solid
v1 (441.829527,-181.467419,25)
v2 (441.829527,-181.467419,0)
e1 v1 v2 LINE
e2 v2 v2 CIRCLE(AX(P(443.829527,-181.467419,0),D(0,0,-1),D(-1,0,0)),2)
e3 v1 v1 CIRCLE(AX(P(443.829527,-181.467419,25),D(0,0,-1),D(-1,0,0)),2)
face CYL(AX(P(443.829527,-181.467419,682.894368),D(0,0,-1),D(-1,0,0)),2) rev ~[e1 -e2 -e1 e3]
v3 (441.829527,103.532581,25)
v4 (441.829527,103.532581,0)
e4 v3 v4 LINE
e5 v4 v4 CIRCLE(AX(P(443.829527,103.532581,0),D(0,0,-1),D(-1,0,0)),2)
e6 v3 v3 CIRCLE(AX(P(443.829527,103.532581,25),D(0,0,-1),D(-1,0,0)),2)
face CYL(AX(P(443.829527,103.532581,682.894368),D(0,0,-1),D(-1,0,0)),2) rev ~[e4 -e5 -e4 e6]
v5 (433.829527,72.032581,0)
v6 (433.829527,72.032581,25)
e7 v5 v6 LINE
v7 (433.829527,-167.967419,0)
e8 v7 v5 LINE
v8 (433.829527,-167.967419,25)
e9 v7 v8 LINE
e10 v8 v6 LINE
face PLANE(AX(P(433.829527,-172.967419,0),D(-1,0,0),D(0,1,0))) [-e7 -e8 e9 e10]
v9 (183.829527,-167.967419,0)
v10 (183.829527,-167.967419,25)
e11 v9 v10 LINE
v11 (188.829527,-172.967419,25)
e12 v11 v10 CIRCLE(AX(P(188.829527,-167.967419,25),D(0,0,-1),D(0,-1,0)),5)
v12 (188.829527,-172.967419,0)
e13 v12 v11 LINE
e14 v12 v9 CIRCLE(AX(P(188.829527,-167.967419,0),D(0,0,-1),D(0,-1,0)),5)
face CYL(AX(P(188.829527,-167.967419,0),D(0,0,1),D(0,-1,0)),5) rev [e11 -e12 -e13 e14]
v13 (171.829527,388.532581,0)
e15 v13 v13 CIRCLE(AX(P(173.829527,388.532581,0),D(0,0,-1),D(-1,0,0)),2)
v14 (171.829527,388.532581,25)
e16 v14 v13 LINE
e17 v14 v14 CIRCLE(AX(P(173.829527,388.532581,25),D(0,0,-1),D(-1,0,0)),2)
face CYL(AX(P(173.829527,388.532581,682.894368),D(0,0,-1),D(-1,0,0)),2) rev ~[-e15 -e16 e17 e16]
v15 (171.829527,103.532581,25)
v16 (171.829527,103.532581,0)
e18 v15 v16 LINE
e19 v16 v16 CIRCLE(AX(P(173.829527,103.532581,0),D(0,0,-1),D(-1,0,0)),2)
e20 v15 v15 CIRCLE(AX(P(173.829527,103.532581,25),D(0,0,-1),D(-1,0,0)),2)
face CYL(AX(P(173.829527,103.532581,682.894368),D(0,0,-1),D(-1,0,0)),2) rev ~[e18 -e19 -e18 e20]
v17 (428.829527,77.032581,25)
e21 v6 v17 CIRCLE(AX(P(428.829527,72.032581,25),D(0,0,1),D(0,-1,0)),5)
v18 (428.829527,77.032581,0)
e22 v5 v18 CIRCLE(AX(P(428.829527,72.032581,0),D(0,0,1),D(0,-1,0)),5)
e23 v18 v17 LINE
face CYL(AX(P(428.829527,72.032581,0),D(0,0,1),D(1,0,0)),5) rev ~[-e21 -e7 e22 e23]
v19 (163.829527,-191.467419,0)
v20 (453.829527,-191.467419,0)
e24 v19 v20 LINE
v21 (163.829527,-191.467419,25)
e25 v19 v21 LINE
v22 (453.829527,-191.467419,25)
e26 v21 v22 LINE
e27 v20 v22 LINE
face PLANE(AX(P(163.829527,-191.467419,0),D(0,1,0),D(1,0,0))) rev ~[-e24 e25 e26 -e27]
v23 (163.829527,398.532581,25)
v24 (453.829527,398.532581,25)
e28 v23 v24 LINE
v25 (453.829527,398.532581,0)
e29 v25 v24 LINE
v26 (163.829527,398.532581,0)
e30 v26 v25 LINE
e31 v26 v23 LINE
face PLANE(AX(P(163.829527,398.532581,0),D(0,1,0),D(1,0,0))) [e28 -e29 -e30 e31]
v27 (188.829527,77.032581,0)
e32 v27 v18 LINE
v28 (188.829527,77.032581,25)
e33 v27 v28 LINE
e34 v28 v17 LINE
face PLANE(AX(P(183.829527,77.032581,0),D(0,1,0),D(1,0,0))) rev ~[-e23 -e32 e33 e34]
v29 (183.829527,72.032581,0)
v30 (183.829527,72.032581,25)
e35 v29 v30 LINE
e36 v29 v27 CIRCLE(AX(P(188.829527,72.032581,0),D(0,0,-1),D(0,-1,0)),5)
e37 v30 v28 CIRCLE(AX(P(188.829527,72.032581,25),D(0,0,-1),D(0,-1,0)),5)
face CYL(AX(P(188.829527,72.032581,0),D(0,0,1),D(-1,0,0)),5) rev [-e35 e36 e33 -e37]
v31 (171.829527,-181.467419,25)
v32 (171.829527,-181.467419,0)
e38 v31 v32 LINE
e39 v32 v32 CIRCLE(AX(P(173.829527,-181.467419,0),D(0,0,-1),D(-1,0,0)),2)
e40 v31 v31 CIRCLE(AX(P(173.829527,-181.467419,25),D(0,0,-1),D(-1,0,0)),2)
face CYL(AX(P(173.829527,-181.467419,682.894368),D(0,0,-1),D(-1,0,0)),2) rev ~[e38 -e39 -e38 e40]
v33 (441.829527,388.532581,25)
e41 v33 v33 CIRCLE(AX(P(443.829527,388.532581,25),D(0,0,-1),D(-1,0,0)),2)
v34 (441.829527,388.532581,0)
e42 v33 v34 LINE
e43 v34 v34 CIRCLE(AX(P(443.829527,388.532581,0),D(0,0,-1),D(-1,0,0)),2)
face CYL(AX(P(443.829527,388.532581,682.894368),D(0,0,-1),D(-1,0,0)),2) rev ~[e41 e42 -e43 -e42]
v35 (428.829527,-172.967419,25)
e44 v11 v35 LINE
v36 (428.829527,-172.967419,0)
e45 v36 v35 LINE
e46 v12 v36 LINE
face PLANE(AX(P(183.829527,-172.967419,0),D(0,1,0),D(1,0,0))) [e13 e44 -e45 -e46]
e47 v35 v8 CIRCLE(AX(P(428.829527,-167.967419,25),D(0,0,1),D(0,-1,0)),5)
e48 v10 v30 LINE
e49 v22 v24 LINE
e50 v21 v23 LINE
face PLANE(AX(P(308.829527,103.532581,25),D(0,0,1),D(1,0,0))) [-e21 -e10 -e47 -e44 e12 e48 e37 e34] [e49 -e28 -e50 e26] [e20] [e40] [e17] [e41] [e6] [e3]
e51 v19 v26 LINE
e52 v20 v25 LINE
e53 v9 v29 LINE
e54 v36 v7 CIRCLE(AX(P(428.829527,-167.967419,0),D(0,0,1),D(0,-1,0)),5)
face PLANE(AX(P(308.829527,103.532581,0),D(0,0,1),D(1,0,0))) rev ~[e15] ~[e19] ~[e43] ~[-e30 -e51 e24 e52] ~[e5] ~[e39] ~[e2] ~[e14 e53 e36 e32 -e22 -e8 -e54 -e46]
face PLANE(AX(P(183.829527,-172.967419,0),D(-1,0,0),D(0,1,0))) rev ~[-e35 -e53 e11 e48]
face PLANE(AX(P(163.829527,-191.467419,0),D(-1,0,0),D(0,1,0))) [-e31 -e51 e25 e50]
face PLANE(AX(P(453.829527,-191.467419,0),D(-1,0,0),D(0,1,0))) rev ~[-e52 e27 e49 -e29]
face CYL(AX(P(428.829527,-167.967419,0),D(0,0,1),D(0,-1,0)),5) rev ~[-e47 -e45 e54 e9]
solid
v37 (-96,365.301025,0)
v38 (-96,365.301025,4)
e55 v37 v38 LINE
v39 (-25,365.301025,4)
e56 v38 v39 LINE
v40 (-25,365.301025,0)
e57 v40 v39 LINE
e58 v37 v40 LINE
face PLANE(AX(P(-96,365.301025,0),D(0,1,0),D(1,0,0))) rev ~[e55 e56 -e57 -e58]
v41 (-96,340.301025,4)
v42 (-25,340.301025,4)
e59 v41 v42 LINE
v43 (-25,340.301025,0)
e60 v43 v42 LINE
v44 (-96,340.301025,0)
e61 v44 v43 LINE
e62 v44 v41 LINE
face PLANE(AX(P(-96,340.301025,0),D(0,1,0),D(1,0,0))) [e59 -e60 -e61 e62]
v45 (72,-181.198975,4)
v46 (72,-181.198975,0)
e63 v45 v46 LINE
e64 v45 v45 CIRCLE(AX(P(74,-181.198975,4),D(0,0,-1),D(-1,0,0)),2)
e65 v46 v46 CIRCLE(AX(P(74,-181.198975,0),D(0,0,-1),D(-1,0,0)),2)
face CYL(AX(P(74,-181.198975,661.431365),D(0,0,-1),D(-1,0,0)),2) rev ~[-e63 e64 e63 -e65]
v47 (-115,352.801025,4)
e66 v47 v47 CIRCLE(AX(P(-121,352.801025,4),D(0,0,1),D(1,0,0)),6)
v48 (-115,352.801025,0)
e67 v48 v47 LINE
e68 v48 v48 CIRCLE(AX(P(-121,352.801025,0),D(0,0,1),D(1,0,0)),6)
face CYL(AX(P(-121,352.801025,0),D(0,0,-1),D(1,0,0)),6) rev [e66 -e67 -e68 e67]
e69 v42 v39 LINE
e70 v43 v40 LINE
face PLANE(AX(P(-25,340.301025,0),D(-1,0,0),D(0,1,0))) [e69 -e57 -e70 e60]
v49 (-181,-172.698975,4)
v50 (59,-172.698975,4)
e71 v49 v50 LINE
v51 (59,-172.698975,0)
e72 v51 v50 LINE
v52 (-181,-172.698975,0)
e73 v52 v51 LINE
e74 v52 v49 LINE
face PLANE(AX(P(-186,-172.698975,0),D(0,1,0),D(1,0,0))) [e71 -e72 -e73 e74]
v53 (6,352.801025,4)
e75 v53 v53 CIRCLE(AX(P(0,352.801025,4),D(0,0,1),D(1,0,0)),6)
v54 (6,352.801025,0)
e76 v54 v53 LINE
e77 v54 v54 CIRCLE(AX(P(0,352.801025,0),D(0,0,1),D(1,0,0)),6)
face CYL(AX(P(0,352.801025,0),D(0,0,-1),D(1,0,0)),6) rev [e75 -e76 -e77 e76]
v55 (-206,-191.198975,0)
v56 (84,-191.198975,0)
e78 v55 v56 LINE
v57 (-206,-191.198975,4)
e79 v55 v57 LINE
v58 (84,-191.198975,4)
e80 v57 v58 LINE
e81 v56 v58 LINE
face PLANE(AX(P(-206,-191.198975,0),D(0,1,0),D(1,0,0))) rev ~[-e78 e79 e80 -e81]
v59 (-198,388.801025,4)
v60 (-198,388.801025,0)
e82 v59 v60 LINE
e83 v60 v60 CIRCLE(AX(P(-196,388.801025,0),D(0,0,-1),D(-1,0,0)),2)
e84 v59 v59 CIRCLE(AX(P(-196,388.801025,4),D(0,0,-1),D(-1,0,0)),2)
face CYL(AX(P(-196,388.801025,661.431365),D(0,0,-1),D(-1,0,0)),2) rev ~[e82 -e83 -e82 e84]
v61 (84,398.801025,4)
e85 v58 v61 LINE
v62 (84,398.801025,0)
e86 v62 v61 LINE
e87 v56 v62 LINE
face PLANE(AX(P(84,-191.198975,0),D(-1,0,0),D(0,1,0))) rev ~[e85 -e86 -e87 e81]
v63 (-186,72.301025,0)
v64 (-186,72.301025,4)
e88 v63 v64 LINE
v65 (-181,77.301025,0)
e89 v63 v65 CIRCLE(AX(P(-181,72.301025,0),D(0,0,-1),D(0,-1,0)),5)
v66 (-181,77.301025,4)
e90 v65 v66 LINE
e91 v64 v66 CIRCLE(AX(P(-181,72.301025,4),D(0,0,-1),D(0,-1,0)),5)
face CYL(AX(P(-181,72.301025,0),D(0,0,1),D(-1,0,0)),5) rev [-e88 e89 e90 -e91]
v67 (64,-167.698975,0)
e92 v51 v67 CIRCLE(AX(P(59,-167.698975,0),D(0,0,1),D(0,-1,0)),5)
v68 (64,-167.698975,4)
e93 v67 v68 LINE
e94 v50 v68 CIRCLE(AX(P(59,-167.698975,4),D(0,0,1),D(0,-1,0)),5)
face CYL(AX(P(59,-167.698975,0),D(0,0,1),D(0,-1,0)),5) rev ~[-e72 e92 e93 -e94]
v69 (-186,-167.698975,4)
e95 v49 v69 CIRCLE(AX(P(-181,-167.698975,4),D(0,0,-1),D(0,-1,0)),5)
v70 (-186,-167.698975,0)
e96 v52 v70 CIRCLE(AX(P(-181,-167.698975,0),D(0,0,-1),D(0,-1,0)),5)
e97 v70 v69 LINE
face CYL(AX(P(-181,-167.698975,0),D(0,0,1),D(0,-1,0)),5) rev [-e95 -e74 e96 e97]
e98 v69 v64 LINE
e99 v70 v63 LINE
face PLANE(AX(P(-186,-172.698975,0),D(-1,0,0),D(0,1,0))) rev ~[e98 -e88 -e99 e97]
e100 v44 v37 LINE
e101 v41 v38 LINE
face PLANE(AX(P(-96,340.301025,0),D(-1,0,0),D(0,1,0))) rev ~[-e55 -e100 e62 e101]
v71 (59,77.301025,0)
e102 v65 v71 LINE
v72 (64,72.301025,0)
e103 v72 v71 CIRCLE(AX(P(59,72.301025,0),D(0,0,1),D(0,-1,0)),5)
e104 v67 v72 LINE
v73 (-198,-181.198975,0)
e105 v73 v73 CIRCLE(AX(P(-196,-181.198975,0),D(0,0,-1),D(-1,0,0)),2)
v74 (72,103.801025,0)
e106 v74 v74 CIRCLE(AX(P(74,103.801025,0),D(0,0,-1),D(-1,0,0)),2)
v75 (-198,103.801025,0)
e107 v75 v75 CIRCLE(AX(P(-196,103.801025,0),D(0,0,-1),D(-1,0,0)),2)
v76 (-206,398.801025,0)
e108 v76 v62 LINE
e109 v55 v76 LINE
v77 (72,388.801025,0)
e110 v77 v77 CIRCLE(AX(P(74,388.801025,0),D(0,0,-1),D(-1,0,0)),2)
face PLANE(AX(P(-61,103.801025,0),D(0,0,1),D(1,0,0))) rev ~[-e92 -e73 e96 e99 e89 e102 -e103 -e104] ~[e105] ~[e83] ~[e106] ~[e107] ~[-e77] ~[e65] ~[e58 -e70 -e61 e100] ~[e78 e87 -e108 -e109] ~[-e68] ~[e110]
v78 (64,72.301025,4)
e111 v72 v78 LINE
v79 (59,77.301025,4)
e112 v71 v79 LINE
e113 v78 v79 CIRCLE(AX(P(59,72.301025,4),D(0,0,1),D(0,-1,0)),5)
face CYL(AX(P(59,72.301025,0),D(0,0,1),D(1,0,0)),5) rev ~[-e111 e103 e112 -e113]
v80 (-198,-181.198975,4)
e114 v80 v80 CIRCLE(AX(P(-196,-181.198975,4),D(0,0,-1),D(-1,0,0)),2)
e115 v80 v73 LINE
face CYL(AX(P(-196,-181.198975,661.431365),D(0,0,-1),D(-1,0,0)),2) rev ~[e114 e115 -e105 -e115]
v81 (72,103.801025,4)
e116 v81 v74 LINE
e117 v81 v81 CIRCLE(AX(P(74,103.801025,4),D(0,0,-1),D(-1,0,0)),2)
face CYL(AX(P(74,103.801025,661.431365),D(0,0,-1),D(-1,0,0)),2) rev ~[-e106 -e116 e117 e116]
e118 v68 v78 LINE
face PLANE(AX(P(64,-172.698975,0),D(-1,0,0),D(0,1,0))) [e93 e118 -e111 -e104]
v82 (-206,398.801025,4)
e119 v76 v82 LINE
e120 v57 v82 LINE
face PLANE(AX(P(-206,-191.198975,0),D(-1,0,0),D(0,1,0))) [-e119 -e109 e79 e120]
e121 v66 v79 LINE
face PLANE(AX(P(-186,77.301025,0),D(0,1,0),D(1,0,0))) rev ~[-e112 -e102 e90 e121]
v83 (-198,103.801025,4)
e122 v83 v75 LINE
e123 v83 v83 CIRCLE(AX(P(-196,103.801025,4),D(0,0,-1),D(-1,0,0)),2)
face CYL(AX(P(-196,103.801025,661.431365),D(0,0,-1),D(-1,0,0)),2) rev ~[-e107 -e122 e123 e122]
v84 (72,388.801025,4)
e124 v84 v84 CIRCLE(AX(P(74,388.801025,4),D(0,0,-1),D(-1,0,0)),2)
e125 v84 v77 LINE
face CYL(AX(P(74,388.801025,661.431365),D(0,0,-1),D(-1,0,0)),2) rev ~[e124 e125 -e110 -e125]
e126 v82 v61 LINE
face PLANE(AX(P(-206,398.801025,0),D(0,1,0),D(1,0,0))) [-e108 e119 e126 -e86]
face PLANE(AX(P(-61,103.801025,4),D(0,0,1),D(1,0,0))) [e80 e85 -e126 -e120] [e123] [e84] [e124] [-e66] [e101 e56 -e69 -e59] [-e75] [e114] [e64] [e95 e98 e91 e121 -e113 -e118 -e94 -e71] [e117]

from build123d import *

# Parameters (mm, degrees)
F0_W     = 290
F0_H     = 590
F0_W_2   = 250
F0_H_2   = 250
F0_R     = 6
F0_W_3   = 71
F0_H_3   = 25
F1_DEPTH = 4
F3_D     = 4
F4_W     = 290
F4_H     = 590
F4_W_2   = 250
F4_H_2   = 250
F5_DEPTH = 25
F7_D     = 4
F8_R     = 5
F9_R     = 5


with BuildPart() as f1:
    # F0 (on Top) → F1 (new body)
    with BuildSketch(Plane.XY):
        with Locations((-61, 103.801025)):
            Rectangle(F0_W, F0_H)
        with Locations((-61, -47.698975)):
            Rectangle(F0_W_2, F0_H_2, mode=Mode.SUBTRACT)
        with Locations((-121, 352.801025)):
            Circle(F0_R, mode=Mode.SUBTRACT)
        with Locations((-60.5, 352.801025)):
            Rectangle(F0_W_3, F0_H_3, mode=Mode.SUBTRACT)
        with Locations((0, 352.801025)):
            Circle(F0_R, mode=Mode.SUBTRACT)
    extrude(amount=F1_DEPTH)

    # F3 (through all)
    with Locations(Plane.XY.offset(4)):
        with Locations((-196, 388.801025), (74, 388.801025), (74, 103.801025), (-196, 103.801025), (-196, -181.198975), (74, -181.198975)):
            Hole(F3_D / 2)

    # F9
    f9_edges = [f1.edges().sort_by_distance(p)[0] for p in [
        (64, 77.301025, 2),
        (-186, 77.301025, 2),
        (64, -172.698975, 2),
        (-186, -172.698975, 2),
    ]]
    fillet(f9_edges, radius=F9_R)


with BuildPart() as f5:
    # F4 (on Top) → F5 (new body)
    with BuildSketch(Plane.XY):
        with Locations((308.829527, 103.532581)):
            Rectangle(F4_W, F4_H)
        with Locations((308.829527, -47.967419)):
            Rectangle(F4_W_2, F4_H_2, mode=Mode.SUBTRACT)
    extrude(amount=F5_DEPTH)

    # F7 (through all)
    with Locations(Plane.XY.offset(25)):
        with Locations((173.829527, 388.532581), (443.829527, 388.532581), (443.829527, 103.532581), (173.829527, 103.532581), (173.829527, -181.467419), (443.829527, -181.467419)):
            Hole(F7_D / 2)

    # F8
    f8_edges = [f5.edges().sort_by_distance(p)[0] for p in [
        (433.829527, 77.032581, 12.5),
        (183.829527, 77.032581, 12.5),
        (433.829527, -172.967419, 12.5),
        (183.829527, -172.967419, 12.5),
    ]]
    fillet(f8_edges, radius=F8_R)


solid = Compound([f1.part, f5.part])
